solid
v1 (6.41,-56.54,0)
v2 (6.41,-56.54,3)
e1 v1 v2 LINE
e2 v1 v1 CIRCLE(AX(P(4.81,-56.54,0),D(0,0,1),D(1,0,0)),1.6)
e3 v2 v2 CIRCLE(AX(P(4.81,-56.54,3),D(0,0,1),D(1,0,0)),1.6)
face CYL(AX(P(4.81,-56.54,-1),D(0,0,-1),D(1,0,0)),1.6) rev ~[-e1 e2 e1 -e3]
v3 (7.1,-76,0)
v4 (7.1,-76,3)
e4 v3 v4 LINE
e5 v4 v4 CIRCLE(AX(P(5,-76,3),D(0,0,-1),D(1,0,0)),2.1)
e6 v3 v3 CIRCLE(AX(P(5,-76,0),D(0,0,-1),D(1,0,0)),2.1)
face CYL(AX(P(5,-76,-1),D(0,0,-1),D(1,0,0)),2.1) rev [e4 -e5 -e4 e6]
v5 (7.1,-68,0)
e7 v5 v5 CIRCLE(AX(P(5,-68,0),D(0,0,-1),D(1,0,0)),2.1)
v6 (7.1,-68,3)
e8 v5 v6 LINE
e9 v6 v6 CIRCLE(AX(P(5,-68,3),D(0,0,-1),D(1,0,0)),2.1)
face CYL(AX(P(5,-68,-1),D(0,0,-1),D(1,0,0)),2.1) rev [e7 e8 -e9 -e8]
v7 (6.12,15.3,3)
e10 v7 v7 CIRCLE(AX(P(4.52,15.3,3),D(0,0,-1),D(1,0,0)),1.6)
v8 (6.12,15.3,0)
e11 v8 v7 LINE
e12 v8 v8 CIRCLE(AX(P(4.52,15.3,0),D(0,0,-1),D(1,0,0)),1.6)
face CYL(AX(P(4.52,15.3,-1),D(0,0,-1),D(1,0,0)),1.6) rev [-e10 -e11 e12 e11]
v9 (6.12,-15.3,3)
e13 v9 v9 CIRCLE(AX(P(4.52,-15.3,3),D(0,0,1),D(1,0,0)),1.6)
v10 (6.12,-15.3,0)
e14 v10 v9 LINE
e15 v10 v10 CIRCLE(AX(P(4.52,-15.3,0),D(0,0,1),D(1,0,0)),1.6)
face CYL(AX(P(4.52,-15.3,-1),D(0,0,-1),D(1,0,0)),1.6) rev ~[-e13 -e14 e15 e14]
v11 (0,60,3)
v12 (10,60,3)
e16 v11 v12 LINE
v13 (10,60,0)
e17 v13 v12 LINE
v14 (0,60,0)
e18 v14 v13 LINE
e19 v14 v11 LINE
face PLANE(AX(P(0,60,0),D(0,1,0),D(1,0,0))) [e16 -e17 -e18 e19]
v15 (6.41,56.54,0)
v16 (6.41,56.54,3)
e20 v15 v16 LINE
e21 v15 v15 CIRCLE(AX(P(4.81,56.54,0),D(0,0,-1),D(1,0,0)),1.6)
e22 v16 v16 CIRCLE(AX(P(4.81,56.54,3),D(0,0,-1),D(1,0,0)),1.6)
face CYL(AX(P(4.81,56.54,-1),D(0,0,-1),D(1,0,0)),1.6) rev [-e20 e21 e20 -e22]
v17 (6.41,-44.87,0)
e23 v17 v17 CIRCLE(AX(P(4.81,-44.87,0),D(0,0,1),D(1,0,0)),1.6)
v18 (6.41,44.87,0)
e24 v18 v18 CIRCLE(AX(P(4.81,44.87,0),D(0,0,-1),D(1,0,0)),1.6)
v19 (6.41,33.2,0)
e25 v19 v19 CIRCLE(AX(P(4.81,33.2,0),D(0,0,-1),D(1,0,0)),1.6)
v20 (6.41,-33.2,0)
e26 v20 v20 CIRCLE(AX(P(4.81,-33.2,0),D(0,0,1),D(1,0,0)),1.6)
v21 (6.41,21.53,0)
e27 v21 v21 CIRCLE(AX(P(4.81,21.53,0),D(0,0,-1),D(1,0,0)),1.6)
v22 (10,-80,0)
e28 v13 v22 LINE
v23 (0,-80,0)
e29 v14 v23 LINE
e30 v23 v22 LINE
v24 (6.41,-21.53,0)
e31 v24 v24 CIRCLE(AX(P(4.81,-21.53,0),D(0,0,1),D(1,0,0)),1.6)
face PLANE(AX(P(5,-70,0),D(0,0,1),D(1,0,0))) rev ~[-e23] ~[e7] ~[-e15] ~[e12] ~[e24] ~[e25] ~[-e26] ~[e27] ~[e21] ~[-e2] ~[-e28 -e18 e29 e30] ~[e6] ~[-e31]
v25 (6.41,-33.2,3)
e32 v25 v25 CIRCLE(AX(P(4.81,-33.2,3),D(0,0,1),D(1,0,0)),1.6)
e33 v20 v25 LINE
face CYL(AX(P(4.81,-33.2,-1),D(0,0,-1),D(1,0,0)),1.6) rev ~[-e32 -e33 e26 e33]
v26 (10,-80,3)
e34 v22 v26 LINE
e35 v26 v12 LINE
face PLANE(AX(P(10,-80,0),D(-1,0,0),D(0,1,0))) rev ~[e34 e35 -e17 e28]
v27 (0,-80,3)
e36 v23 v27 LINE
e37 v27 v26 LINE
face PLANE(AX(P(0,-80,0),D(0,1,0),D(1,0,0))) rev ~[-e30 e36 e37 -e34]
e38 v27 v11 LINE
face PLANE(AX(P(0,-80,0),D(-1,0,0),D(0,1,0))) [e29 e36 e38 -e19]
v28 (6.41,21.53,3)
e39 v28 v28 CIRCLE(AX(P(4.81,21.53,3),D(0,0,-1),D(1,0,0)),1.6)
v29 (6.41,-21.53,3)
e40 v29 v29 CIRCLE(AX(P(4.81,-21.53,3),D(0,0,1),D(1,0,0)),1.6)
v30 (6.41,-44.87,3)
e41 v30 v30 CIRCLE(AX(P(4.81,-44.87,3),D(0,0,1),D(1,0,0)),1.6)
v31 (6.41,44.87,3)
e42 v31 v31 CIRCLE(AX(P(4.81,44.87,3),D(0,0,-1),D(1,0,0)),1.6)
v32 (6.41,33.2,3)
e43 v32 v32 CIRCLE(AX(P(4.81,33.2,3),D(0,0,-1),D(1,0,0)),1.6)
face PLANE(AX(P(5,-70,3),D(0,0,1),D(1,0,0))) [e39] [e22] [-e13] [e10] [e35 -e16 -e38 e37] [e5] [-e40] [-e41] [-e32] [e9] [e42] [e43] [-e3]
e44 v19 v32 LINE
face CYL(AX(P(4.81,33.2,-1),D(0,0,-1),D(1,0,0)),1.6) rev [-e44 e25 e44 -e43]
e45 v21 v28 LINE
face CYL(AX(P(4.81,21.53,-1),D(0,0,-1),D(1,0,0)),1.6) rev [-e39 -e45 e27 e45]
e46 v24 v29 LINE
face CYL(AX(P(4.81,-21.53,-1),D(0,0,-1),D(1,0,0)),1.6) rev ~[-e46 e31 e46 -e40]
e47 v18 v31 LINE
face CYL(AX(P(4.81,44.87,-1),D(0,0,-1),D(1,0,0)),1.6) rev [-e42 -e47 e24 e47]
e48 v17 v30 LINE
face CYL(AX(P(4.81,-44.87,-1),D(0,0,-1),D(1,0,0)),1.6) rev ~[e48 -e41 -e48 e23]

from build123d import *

# Parameters (mm, degrees)
CYLINDER011_R     = 2.1
CYLINDER011_DEPTH = 5
CYLINDER010_R     = 2.1
CYLINDER010_DEPTH = 5
CUBE002_W         = 10
CUBE002_H         = 20
CUBE002_DEPTH     = 3
CYLINDER009_R     = 1.6
CYLINDER009_DEPTH = 5
CYLINDER006_R     = 1.6
CYLINDER006_DEPTH = 5
CYLINDER007_R     = 1.6
CYLINDER007_DEPTH = 5
CYLINDER008_R     = 1.6
CYLINDER008_DEPTH = 5
CYLINDER005_R     = 1.6
CYLINDER005_DEPTH = 5
CUBE001_W         = 10
CUBE001_H         = 60
CUBE001_DEPTH     = 3
CYLINDER004_R     = 1.6
CYLINDER004_DEPTH = 5
CYLINDER001_R     = 1.6
CYLINDER001_DEPTH = 5
CYLINDER002_R     = 1.6
CYLINDER002_DEPTH = 5
CYLINDER003_R     = 1.6
CYLINDER003_DEPTH = 5
CYLINDER_R        = 1.6
CYLINDER_DEPTH    = 5
CUBE_W            = 10
CUBE_H            = 60
CUBE_DEPTH        = 3


with BuildPart() as cylinder011:
    # cylinder011 → cylinder011 (new body)
    with BuildSketch(Plane(origin=(5, -68, -1), x_dir=(1, 0, 0), z_dir=(0, 0, 1))):
        Circle(CYLINDER011_R)
    extrude(amount=CYLINDER011_DEPTH)


with BuildPart() as union002:
    # cylinder010 → cylinder010 (new body)
    with BuildSketch(Plane(origin=(5, -76, -1), x_dir=(1, 0, 0), z_dir=(0, 0, 1))):
        Circle(CYLINDER010_R)
    extrude(amount=CYLINDER010_DEPTH)

    # union002: union cylinder011
    add(cylinder011.part)


with BuildPart() as difference002:
    # cube002 → cube002 (new body)
    with BuildSketch(Plane(origin=(0, -80, 0), x_dir=(1, 0, 0), z_dir=(0, 0, 1))):
        with Locations((5, 10)):
            Rectangle(CUBE002_W, CUBE002_H)
    extrude(amount=CUBE002_DEPTH)

    # difference002: cut union002
    add(union002.part, mode=Mode.SUBTRACT)


with BuildPart() as cylinder009:
    # cylinder009 → cylinder009 (new body)
    with BuildSketch(Plane(origin=(4.52, 15.3, -1), x_dir=(1, 0, 0), z_dir=(0, 0, 1))):
        Circle(CYLINDER009_R)
    extrude(amount=CYLINDER009_DEPTH)


with BuildPart() as cylinder006:
    # cylinder006 → cylinder006 (new body)
    with BuildSketch(Plane(origin=(4.81, 44.87, -1), x_dir=(1, 0, 0), z_dir=(0, 0, 1))):
        Circle(CYLINDER006_R)
    extrude(amount=CYLINDER006_DEPTH)


with BuildPart() as cylinder007:
    # cylinder007 → cylinder007 (new body)
    with BuildSketch(Plane(origin=(4.81, 33.2, -1), x_dir=(1, 0, 0), z_dir=(0, 0, 1))):
        Circle(CYLINDER007_R)
    extrude(amount=CYLINDER007_DEPTH)


with BuildPart() as cylinder008:
    # cylinder008 → cylinder008 (new body)
    with BuildSketch(Plane(origin=(4.81, 21.53, -1), x_dir=(1, 0, 0), z_dir=(0, 0, 1))):
        Circle(CYLINDER008_R)
    extrude(amount=CYLINDER008_DEPTH)


with BuildPart() as union001:
    # cylinder005 → cylinder005 (new body)
    with BuildSketch(Plane(origin=(4.81, 56.54, -1), x_dir=(1, 0, 0), z_dir=(0, 0, 1))):
        Circle(CYLINDER005_R)
    extrude(amount=CYLINDER005_DEPTH)

    # Group001: union cylinder006, cylinder007, cylinder008
    add(cylinder006.part)
    add(cylinder007.part)
    add(cylinder008.part)

    # union001: union cylinder009
    add(cylinder009.part)


with BuildPart() as difference001:
    # cube001 → cube001 (new body)
    with BuildSketch(Plane.XY):
        with Locations((5, 30)):
            Rectangle(CUBE001_W, CUBE001_H)
    extrude(amount=CUBE001_DEPTH)

    # difference001: cut union001
    add(union001.part, mode=Mode.SUBTRACT)


with BuildPart() as mirrored_difference001:
    # mirr_difference001: instance of difference001
    add(difference001.part.mirror(Plane(origin=(0, 0, 0), x_dir=(1, 0, 0), z_dir=(0, 1, 0))))


with BuildPart() as cylinder004:
    # cylinder004 → cylinder004 (new body)
    with BuildSketch(Plane(origin=(4.52, 15.3, -1), x_dir=(1, 0, 0), z_dir=(0, 0, 1))):
        Circle(CYLINDER004_R)
    extrude(amount=CYLINDER004_DEPTH)


with BuildPart() as cylinder001:
    # cylinder001 → cylinder001 (new body)
    with BuildSketch(Plane(origin=(4.81, 44.87, -1), x_dir=(1, 0, 0), z_dir=(0, 0, 1))):
        Circle(CYLINDER001_R)
    extrude(amount=CYLINDER001_DEPTH)


with BuildPart() as cylinder002:
    # cylinder002 → cylinder002 (new body)
    with BuildSketch(Plane(origin=(4.81, 33.2, -1), x_dir=(1, 0, 0), z_dir=(0, 0, 1))):
        Circle(CYLINDER002_R)
    extrude(amount=CYLINDER002_DEPTH)


with BuildPart() as cylinder003:
    # cylinder003 → cylinder003 (new body)
    with BuildSketch(Plane(origin=(4.81, 21.53, -1), x_dir=(1, 0, 0), z_dir=(0, 0, 1))):
        Circle(CYLINDER003_R)
    extrude(amount=CYLINDER003_DEPTH)


with BuildPart() as union:
    # cylinder → cylinder (new body)
    with BuildSketch(Plane(origin=(4.81, 56.54, -1), x_dir=(1, 0, 0), z_dir=(0, 0, 1))):
        Circle(CYLINDER_R)
    extrude(amount=CYLINDER_DEPTH)

    # Group: union cylinder001, cylinder002, cylinder003
    add(cylinder001.part)
    add(cylinder002.part)
    add(cylinder003.part)

    # union: union cylinder004
    add(cylinder004.part)


with BuildPart() as bar1_fromopenscad:
    # cube → cube (new body)
    with BuildSketch(Plane.XY):
        with Locations((5, 30)):
            Rectangle(CUBE_W, CUBE_H)
    extrude(amount=CUBE_DEPTH)

    # difference: cut union
    add(union.part, mode=Mode.SUBTRACT)

    # Group002: union mirrored difference001
    add(mirrored_difference001.part)

    # union003: union difference002
    add(difference002.part)


solid = bar1_fromopenscad.part
